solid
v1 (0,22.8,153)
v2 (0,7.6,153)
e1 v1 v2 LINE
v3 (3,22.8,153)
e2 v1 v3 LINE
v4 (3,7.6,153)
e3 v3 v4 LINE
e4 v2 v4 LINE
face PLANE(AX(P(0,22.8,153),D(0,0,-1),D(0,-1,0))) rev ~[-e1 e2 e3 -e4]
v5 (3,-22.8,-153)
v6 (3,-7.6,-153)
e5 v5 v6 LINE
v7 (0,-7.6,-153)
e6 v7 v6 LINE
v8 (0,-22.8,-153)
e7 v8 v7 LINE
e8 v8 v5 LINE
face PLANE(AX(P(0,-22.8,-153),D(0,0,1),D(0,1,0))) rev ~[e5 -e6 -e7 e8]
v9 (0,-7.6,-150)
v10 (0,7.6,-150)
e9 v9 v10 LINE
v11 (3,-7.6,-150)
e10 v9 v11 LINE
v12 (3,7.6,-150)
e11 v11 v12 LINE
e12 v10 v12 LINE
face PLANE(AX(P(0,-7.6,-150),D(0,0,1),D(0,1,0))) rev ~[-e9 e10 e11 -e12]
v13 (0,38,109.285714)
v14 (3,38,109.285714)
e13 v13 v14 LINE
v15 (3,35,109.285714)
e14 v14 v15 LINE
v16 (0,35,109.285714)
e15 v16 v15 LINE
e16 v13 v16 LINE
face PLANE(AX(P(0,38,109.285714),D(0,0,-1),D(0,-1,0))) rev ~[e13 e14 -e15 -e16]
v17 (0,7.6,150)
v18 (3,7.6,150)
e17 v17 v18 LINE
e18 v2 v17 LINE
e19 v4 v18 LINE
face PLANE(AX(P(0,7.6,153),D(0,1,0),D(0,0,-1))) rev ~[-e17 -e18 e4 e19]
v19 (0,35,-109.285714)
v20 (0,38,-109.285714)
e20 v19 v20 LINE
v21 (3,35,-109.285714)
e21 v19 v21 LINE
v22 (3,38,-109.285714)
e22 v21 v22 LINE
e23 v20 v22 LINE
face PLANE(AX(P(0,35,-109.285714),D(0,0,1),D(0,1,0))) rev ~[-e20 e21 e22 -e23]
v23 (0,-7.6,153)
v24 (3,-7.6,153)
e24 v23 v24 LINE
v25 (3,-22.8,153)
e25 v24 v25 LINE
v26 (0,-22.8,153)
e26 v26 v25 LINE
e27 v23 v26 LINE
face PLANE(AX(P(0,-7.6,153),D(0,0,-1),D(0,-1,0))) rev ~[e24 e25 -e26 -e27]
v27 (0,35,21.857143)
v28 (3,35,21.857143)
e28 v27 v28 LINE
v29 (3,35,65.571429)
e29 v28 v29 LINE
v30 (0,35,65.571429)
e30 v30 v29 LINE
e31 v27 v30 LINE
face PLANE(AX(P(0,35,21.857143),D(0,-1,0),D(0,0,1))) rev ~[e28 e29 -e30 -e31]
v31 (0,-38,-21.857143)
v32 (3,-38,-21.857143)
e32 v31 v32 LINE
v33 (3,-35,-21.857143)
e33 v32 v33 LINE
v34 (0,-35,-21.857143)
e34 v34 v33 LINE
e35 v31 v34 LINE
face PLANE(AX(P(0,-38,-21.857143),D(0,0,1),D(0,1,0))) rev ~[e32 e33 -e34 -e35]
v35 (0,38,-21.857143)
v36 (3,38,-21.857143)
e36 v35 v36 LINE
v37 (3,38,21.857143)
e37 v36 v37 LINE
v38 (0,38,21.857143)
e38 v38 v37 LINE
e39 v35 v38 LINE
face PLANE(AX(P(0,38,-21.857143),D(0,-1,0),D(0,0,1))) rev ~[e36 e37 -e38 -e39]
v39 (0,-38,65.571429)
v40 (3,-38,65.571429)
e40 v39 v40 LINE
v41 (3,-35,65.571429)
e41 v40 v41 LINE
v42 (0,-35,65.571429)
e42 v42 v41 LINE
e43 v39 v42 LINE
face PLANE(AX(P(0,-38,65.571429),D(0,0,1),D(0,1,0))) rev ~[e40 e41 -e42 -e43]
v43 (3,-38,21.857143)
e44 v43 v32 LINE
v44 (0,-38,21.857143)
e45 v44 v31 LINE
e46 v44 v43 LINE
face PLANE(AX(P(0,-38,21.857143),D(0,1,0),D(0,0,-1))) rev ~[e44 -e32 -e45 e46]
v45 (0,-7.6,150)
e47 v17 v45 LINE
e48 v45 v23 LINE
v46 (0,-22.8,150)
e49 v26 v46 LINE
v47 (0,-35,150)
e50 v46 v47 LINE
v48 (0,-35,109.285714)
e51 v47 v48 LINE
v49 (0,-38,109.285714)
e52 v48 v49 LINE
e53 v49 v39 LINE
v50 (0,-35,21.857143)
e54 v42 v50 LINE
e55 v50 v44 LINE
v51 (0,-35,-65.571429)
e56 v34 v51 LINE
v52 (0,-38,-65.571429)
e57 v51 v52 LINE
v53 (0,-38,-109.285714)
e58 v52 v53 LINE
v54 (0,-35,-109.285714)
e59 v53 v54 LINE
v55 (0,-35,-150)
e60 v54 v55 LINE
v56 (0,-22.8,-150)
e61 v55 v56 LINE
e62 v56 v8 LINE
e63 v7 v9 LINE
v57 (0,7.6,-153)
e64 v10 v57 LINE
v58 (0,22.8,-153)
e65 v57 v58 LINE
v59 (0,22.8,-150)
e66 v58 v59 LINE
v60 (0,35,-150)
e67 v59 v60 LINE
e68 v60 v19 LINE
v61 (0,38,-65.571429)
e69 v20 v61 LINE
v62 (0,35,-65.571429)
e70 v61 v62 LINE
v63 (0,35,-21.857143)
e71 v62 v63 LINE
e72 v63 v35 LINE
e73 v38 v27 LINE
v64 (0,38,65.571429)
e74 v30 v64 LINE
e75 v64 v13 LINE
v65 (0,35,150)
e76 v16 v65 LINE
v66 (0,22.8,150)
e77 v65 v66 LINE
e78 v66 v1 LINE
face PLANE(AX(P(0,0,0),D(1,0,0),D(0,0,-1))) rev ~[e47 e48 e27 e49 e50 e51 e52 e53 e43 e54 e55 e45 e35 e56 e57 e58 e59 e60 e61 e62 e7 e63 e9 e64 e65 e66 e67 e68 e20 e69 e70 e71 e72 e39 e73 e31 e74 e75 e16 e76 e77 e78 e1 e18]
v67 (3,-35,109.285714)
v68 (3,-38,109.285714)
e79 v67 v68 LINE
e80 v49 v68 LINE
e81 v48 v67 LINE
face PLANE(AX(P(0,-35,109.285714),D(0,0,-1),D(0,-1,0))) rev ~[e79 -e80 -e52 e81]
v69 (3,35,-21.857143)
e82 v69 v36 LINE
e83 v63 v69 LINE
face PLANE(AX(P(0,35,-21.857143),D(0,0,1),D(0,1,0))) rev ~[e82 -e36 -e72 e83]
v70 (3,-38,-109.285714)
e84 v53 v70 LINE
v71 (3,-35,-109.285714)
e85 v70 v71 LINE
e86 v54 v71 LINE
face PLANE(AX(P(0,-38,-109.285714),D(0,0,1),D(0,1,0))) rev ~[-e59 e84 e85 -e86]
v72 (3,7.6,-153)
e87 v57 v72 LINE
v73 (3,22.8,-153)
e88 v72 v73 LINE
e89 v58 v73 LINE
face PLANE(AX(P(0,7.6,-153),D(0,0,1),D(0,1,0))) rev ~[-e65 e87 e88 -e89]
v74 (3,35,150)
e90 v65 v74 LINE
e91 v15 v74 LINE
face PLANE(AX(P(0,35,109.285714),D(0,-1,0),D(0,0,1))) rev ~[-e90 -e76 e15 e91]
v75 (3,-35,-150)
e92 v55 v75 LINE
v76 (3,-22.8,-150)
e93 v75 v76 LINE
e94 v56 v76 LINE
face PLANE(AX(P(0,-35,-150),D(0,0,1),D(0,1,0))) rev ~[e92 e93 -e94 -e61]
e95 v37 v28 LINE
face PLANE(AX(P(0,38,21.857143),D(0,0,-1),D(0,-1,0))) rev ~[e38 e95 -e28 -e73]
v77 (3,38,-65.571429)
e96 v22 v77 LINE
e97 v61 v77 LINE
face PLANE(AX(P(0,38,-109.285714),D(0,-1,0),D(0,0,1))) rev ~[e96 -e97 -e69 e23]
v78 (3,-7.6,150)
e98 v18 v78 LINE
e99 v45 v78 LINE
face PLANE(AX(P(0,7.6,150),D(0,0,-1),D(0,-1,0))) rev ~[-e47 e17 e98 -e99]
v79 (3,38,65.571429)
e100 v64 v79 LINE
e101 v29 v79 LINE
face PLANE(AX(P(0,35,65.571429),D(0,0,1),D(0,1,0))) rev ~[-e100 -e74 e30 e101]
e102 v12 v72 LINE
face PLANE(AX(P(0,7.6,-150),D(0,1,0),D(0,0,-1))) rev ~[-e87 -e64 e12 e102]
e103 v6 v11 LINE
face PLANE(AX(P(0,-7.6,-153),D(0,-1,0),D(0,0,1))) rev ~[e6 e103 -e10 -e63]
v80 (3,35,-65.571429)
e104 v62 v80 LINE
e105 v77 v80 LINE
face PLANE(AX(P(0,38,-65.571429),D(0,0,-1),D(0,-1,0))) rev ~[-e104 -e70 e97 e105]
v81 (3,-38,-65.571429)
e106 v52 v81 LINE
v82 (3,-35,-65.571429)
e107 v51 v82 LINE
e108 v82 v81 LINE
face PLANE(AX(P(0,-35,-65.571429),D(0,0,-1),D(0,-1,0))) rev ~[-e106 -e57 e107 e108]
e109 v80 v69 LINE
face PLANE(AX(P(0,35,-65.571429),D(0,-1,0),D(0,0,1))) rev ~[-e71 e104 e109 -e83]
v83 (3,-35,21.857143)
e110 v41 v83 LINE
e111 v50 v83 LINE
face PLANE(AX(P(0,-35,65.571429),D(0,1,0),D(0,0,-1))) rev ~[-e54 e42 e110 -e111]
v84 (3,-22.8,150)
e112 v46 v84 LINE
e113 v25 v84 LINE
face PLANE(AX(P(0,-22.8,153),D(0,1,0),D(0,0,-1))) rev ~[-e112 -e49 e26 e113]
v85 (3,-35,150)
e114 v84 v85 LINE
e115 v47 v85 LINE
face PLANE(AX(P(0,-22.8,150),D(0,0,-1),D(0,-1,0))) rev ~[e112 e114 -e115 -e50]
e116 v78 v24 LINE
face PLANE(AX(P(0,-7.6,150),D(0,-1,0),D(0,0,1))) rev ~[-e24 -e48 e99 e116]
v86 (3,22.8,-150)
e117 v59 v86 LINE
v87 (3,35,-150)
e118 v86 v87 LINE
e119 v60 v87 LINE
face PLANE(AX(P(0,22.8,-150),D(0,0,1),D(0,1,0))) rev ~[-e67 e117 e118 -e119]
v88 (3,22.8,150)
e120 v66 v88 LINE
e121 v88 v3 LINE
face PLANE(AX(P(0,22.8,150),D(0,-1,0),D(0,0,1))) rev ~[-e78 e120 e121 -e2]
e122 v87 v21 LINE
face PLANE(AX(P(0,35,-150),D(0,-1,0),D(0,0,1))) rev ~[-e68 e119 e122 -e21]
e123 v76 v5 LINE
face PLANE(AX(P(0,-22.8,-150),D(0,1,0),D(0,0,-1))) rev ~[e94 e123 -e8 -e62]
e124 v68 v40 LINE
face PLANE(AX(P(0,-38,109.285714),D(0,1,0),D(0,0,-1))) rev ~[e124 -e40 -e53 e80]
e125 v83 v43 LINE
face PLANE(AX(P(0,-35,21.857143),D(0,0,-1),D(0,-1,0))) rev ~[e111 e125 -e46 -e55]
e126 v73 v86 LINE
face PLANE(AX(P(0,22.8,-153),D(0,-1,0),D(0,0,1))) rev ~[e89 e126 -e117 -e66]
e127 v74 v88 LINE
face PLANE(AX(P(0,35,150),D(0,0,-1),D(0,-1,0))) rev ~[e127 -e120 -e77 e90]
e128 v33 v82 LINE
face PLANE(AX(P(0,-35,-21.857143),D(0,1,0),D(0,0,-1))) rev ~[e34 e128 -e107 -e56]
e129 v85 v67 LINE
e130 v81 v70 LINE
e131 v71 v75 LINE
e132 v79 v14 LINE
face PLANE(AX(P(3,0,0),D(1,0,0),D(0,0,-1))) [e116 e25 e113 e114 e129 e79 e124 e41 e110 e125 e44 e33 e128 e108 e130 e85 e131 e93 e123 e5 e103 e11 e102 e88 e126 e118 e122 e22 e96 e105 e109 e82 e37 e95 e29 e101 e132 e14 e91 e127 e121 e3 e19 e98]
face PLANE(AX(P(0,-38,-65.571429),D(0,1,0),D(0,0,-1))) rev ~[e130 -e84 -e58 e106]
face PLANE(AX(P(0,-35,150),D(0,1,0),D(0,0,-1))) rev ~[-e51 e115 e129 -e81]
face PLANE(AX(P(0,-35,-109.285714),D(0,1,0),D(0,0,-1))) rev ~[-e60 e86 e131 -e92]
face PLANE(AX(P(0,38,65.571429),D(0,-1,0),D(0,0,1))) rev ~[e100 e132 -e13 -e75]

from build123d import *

# Parameters (mm, degrees)
BOSS_EXTRU_3_DEPTH = 3


with BuildPart() as part:
    # Esquisse3 → Boss.-Extru.3 (new body)
    with BuildSketch(Plane(origin=(0, 0, 0), x_dir=(0, 0, -1), z_dir=(1, 0, 0))):
        Polygon((109.285714286, 38), (65.571428571, 38), (65.571428571, 35), (21.857142857, 35), (21.857142857, 38), (-21.857142857, 38), (-21.857142857, 35), (-65.571428571, 35), (-65.571428571, 38), (-109.285714286, 38), (-109.285714286, 35), (-150, 35), (-150, 22.8), (-153, 22.8), (-153, 7.6), (-150, 7.6), (-150, -7.6), (-153, -7.6), (-153, -22.8), (-150, -22.8), (-150, -35), (-109.285714286, -35), (-109.285714286, -38), (-65.571428571, -38), (-65.571428571, -35), (-21.857142857, -35), (-21.857142857, -38), (21.857142857, -38), (21.857142857, -35), (65.571428571, -35), (65.571428571, -38), (109.285714286, -38), (109.285714286, -35), (150, -35), (150, -22.8), (153, -22.8), (153, -7.6), (150, -7.6), (150, 7.6), (153, 7.6), (153, 22.8), (150, 22.8), (150, 35), (109.285714286, 35), align=None)
    extrude(amount=BOSS_EXTRU_3_DEPTH)


solid = part.part
